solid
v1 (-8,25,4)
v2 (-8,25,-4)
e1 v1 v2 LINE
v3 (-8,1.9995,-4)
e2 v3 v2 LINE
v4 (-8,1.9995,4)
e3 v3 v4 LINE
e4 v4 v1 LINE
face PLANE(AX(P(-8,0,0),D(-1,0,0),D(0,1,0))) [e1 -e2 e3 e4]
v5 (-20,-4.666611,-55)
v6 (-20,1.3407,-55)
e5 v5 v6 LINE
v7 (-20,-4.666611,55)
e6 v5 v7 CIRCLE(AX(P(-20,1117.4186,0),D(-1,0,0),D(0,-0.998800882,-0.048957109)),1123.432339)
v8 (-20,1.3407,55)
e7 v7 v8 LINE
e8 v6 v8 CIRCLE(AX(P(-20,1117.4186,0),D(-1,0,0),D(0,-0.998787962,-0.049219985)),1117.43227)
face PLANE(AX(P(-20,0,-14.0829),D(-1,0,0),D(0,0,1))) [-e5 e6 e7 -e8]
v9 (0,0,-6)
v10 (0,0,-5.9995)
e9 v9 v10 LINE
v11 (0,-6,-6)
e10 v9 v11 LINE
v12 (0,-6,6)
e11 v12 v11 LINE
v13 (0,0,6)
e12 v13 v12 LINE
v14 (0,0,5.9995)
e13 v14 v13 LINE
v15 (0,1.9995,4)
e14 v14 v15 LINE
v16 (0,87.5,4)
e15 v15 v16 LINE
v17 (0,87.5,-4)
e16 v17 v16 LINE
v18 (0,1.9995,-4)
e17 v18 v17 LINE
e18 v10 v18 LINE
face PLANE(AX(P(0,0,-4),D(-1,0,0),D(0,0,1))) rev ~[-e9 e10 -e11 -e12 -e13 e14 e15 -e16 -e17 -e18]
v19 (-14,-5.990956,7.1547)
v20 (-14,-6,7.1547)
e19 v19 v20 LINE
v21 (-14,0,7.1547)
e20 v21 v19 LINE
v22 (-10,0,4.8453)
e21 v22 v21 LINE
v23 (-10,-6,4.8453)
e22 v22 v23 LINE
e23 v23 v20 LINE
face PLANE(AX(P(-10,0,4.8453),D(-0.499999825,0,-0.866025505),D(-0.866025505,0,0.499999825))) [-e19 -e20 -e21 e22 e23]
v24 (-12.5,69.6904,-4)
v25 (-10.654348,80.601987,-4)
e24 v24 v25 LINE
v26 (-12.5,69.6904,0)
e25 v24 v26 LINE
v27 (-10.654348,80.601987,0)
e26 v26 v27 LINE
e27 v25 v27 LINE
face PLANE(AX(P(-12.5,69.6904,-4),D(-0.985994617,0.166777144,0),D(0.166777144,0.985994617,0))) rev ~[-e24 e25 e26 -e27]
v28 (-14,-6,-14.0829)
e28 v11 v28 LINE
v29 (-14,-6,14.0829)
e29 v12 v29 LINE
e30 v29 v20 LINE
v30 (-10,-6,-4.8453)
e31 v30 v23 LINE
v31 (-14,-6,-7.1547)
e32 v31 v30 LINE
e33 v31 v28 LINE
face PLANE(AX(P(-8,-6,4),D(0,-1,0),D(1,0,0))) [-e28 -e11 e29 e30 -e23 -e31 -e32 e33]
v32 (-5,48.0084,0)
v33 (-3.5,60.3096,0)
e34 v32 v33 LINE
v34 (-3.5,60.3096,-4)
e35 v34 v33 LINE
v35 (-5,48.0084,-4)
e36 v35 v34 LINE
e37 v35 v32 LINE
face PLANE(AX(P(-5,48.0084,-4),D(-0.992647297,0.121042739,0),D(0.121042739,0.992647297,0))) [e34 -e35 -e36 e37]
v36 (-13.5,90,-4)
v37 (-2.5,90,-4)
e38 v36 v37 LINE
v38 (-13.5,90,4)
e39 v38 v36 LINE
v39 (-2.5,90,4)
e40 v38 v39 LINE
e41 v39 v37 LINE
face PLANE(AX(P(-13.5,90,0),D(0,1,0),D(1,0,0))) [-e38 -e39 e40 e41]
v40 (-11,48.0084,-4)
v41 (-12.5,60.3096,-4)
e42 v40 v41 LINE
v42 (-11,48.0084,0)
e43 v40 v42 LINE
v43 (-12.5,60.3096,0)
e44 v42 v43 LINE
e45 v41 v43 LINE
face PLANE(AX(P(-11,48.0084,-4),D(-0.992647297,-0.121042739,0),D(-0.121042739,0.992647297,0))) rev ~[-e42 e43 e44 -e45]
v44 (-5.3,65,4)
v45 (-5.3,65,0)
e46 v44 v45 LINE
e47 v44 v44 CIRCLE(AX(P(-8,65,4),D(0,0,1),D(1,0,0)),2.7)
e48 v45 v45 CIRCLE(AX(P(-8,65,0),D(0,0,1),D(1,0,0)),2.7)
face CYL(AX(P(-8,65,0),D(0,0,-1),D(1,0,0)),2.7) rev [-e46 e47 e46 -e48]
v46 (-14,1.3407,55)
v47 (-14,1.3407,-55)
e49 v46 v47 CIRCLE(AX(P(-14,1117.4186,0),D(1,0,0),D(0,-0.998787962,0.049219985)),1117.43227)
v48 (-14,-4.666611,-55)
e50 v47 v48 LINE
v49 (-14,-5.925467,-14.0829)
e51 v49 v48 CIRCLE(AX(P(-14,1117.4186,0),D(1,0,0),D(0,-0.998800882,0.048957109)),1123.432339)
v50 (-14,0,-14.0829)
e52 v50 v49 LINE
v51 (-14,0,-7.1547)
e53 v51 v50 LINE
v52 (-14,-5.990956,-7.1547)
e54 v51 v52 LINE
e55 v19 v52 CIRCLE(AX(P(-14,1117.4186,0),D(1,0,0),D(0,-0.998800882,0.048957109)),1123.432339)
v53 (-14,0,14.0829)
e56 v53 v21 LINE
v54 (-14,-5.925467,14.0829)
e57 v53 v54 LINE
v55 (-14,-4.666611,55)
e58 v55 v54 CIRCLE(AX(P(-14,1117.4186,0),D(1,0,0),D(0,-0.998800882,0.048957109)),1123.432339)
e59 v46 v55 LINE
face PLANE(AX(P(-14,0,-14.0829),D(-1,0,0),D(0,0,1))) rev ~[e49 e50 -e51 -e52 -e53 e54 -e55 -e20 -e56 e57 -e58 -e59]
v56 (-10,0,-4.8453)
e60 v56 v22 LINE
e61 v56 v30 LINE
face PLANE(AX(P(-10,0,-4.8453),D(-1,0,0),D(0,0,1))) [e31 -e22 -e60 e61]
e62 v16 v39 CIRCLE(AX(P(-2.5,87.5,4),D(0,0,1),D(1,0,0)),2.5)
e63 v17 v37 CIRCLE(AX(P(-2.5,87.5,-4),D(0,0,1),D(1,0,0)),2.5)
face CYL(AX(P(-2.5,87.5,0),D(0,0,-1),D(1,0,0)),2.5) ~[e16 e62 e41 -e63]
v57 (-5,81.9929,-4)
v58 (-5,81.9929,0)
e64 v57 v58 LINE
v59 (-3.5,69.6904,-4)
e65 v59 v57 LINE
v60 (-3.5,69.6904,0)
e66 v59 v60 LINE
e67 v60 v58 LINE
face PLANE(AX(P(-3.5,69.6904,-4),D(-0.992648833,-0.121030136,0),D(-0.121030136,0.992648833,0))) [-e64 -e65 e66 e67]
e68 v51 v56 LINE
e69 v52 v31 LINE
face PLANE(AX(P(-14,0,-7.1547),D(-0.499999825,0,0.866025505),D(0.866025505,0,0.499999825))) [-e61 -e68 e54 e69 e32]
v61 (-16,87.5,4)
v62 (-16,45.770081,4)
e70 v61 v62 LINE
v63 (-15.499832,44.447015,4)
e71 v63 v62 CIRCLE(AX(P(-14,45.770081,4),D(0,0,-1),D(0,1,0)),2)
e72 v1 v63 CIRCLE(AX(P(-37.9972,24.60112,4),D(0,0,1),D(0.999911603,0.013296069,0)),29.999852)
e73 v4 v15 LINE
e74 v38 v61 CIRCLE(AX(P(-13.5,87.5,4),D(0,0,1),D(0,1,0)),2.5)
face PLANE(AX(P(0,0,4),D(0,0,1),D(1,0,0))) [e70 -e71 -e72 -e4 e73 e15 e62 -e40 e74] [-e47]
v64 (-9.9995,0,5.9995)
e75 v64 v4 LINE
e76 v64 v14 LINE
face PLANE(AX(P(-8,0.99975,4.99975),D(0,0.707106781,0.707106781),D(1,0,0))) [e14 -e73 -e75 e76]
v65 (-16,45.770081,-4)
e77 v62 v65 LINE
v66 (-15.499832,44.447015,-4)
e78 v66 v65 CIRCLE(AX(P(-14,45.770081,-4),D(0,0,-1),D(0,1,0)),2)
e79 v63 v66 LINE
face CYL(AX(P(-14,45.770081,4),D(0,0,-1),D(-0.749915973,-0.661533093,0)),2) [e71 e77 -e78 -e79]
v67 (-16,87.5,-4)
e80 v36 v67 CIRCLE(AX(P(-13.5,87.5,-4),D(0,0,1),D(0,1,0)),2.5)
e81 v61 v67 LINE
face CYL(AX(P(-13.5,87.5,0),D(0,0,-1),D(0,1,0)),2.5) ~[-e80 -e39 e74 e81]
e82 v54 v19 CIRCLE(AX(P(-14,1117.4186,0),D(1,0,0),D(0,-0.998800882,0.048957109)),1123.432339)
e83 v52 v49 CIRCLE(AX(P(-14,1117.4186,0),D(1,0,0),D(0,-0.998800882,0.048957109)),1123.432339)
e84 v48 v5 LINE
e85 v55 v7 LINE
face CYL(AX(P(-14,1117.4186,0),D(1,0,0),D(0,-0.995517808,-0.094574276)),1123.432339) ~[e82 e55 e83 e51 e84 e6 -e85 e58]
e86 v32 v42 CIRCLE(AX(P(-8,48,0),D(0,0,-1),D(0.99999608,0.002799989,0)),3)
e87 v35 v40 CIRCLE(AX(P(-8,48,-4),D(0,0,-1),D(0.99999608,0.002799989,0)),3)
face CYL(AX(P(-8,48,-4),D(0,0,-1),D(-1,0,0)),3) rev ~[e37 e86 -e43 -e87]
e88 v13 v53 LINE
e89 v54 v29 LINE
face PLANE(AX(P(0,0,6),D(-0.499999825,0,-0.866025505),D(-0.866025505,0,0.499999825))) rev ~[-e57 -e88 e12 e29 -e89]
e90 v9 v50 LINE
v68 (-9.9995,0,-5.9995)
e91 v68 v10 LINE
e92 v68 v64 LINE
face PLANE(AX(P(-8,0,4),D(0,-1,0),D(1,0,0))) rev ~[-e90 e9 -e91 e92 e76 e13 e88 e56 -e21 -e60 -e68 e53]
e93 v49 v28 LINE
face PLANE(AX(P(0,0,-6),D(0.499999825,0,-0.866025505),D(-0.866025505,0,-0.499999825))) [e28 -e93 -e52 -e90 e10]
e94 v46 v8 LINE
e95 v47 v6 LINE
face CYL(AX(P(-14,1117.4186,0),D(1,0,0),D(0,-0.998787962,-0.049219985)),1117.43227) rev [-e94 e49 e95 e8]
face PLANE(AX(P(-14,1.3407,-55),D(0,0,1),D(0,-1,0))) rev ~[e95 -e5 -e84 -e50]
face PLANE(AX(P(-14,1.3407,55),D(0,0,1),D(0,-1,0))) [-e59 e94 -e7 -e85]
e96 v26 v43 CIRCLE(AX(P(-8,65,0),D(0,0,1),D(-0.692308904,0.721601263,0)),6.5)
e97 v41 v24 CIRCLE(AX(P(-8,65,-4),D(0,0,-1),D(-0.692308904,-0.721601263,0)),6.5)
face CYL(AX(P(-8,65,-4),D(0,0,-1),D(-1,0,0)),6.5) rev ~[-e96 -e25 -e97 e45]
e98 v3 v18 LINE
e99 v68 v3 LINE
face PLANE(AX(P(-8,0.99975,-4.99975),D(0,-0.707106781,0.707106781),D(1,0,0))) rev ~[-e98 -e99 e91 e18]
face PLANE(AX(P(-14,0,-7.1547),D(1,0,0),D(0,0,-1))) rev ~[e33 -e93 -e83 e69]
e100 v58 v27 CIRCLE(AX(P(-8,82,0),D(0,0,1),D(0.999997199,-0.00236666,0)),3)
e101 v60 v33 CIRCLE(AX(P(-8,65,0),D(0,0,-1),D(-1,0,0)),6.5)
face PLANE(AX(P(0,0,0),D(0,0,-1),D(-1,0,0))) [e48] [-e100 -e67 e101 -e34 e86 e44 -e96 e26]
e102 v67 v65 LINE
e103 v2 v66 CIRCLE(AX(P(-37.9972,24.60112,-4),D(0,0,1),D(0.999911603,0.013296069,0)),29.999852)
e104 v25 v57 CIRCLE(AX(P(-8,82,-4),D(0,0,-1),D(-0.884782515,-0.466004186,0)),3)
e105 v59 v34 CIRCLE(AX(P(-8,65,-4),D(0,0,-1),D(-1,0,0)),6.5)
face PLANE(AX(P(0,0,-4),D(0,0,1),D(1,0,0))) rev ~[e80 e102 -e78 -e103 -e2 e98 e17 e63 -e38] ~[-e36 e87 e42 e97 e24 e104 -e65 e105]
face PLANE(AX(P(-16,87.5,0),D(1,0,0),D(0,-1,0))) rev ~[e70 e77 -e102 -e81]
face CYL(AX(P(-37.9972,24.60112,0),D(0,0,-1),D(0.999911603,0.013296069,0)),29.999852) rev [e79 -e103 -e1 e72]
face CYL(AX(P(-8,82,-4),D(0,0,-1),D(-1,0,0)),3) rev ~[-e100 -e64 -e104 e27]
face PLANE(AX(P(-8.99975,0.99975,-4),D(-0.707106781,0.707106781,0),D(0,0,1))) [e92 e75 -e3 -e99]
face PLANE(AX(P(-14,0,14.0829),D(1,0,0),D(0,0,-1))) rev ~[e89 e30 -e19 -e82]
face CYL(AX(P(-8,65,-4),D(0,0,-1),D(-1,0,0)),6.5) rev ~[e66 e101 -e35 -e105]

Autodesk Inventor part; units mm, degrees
ref_plane "YZ Plane" through (0, 0, 0) normal (1, 0, 0) x (0, 1, 0)
ref_plane "XZ Plane" through (0, 0, 0) normal (0, 1, 0) x (-1, 0, 0)
ref_plane "XY Plane" through (0, 0, 0) normal (0, 0, 1) x (1, 0, 0)
sketch "Skizze2" plane through (0, 0, 0) normal (0, 0, 1) x (1, 0, 0)
  line L0 (-45.7004, 0) -> (8.2208, 0) projected
  line L1 (0, -18.1036) -> (0, 108.6213) projected
  circle A0 centre (-8, 65) radius 2.7
  line L2 (0, 0) -> (0, 87.5)
  arc A1 (0, 87.5) -> (-2.5, 90) centre (-2.5, 87.5) ccw
  line L3 (-13.5, 90) -> (-2.5, 90)
  arc A2 (-13.5, 90) -> (-16, 87.5) centre (-13.5, 87.5) ccw
  line L4 (-16, 87.5) -> (-16, 45)
  line L5 (-8, 0) -> (-8, 25)
  line L6 (0, 0) -> (-8, 0)
  arc A3 (-8, 25) -> (-16, 45) centre (-37.9973, 24.6011) ccw
  point P0 (0, 0)
  point P1 (-4, 0)
  dimension "d0" = 90
  dimension "d1" = 8
  dimension "d2" = 16
  dimension "d4" = 2.5
  dimension "d5" = 2.5
  dimension "d6" = 5.4
  dimension "d8" = 25
  dimension "d11" = 25
  dimension "d16" = 2.5
  dimension "d17" = 2.5
  dimension "d18" = 2.5
  dimension "d19" = 2.5
  dimension "d90" = 45
  dimension "d126" = 30
  dimension "d131" = 40
  dimension "d132" = 8
extrude "Extrusion1" add sketch "Skizze2" along normal mid plane 8
sketch "Skizze5" plane through (-8, 0, 4) normal (0, -1, 0) x (1, 0, 0)
  line L0 (8, -8) -> (8, 0) projected
  line L1 (0, 0) -> (8, 0) projected
  line L2 (0, -8) -> (0, 0) projected
  line L3 (8, -8) -> (0, -8) projected
  line L4 (-2, -10) -> (-2, 2)
  line L5 (-2, 2) -> (10, 2)
  line L6 (10, 2) -> (10, -10)
  line L7 (10, -10) -> (-2, -10)
  line L8 (8, -10) -> (8, 2)
  line L9 (8, -10) -> (-6, -18.0829)
  line L10 (8, -10) -> (48, -10) construction
  line L11 (8, 2) -> (-6, 10.0829)
  line L12 (8, 2) -> (48, 2) construction
  line L13 (-6, 26.9678) -> (-6, -33.1167)
  line L14 (-2, 0.8453) -> (-6, 3.1547)
  line L15 (-6, -11.1547) -> (-2, -8.8453)
  point P0 (8, -4)
  dimension "d103" = 2
  dimension "d104" = 150
  dimension "d107" = 150
  dimension "d108" = 6
  dimension "d113" = 6
  dimension "d114" = 6
extrude "Extrusion3" add sketch "Skizze5" along normal blind 6 contours L3 L2 L1 L0 | L8 L7 L4 L5 L1 L2 L3 | L9 L13 L15 L4 L7 | L5 L4 L14 L13 L11
sketch "Skizze6" plane through (-14, 0, -14.0829) normal (-1, 0, 0) x (0, 0, 1)
  arc A0 (-91.4171, 6.8936) -> (119.5829, 6.8936) centre (14.0829, 1117.4186) ccw
  line L0 (14.0829, 1343.255) -> (14.0829, -237.5996) projected
  line L1 (-134.6641, 0) -> (162.8299, 0) projected
  line L2 (6.9282, 0) -> (0, 0) projected
  line L3 (0, 0) -> (0, -6) projected
  line L4 (6.9282, -6) -> (0, -6) projected
  line L5 (6.9282, 0) -> (6.9282, -6) projected
  line L6 (28.1658, 0) -> (21.2376, 0) projected
  line L7 (21.2376, 0) -> (21.2376, -6) projected
  line L8 (28.1658, -6) -> (21.2376, -6) projected
  line L9 (28.1658, 0) -> (28.1658, -6) projected
  line L10 (69.0829, 4.8846) -> (69.0829, -11.7632)
  line L11 (-40.9171, 6.8936) -> (-40.9171, -11.0991)
  arc A1 (-40.9171, 1.3407) -> (69.0829, 1.3407) centre (14.0829, 1117.4186) ccw
  arc A2 (-92.1649, -0.9783) -> (120.3307, -0.9783) centre (14.0829, 1117.4186) ccw
  point P0 (14.0829, 0)
  point P1 (-40.9171, 0.6181)
  point P2 (69.0829, -4.6666)
  point P3 (69.0829, 0.908)
  point P4 (-40.9171, 1.6575)
  point P5 (-40.9171, -4.6666)
  dimension "d122" = 6
  dimension "d127" = 110
extrude "Extrusion4" add sketch "Skizze6" along normal blind 6 contours A1 L1 L11 | L1 L3 A2 L11 | A1 L0 A2 L5 L1 | L10 L1 A1 | A1 L1 L7 A2 L0 | L1 L5 A2 L3 | L10 A2 L9 L1 | L1 L9 A2 L7
chamfer "Fasen6" distance 2 angle 45 3 edges at (-4, 0, -4) (-8, 0, 0) (-4, 0, 4)
fillet "Rundung1" radius 2 1 edges at (-16, 45, 0)
sketch "Skizze7" plane through (0, 0, -4) normal (0, 0, -1) x (-1, 0, 0)
  arc A0 (15.4998, 44.447) -> (16, 45.7701) centre (14, 45.7701) ccw projected
  line L0 (16, 45.7701) -> (16, 87.5) projected
  arc A1 (16, 87.5) -> (13.5, 90) centre (13.5, 87.5) ccw projected
  line L1 (13.5, 90) -> (2.5, 90) projected
  arc A2 (2.5, 90) -> (0, 87.5) centre (2.5, 87.5) ccw projected
  line L2 (0, 87.5) -> (0, 2) projected
  line L3 (8, 2) -> (0, 2) projected
  line L4 (8, 2) -> (8, 25) projected
  arc A3 (15.4998, 44.447) -> (8, 25) centre (37.9973, 24.6011) ccw projected
  circle A4 centre (8, 65) radius 2.7 projected
  circle A5 centre (8, 65) radius 6.5
  line L5 (8, 85) -> (8, 45)
  line L6 (12.5, 82.2483) -> (12.5, 48.2483)
  line L7 (3.5, 48.5932) -> (3.5, 82.5932)
  circle A6 centre (8, 82) radius 3
  circle A7 centre (8, 48) radius 3
  line L8 (17.259, 81.9916) -> (-1.9844, 81.9916)
  line L9 (19.4429, 48.0084) -> (-6.0611, 48.0084)
  line L10 (5, 48.0084) -> (3.5, 60.3096)
  line L11 (11, 48.0084) -> (12.5, 60.3096)
  line L12 (3.5, 69.6904) -> (5, 81.9929)
  line L13 (12.5, 69.6904) -> (10.4193, 81.9916)
  point P0 (0, 0)
  point P1 (10.6543, 80.602)
  dimension "d142" = 6
  dimension "d133" = 13
  dimension "d136" = 20
  dimension "d137" = 20
  dimension "d143" = 3
  dimension "d144" = 6
  dimension "d145" = 3
  dimension "d146" = 9
extrude "Extrusion5" cut sketch "Skizze7" against normal blind 4 contours L9 L5 A7 | A7 L5 L9 | A7 L5 A5 L11 | A7 L10 A5 L5 | L5 L9 A7 | L5 A7 L9 | L6 A5 | A5 L5 A4 L6 | A5 L5 A6 L13 | L8 L5 A6 | A6 L13 L8 | A5 L7 L5 A4 | A5 L12 A6 L5 | A6 L5 L8 L13 | A5 L7 | A6 L8 L5 | L5 L8 A6
properties part number "Gripper neu"
